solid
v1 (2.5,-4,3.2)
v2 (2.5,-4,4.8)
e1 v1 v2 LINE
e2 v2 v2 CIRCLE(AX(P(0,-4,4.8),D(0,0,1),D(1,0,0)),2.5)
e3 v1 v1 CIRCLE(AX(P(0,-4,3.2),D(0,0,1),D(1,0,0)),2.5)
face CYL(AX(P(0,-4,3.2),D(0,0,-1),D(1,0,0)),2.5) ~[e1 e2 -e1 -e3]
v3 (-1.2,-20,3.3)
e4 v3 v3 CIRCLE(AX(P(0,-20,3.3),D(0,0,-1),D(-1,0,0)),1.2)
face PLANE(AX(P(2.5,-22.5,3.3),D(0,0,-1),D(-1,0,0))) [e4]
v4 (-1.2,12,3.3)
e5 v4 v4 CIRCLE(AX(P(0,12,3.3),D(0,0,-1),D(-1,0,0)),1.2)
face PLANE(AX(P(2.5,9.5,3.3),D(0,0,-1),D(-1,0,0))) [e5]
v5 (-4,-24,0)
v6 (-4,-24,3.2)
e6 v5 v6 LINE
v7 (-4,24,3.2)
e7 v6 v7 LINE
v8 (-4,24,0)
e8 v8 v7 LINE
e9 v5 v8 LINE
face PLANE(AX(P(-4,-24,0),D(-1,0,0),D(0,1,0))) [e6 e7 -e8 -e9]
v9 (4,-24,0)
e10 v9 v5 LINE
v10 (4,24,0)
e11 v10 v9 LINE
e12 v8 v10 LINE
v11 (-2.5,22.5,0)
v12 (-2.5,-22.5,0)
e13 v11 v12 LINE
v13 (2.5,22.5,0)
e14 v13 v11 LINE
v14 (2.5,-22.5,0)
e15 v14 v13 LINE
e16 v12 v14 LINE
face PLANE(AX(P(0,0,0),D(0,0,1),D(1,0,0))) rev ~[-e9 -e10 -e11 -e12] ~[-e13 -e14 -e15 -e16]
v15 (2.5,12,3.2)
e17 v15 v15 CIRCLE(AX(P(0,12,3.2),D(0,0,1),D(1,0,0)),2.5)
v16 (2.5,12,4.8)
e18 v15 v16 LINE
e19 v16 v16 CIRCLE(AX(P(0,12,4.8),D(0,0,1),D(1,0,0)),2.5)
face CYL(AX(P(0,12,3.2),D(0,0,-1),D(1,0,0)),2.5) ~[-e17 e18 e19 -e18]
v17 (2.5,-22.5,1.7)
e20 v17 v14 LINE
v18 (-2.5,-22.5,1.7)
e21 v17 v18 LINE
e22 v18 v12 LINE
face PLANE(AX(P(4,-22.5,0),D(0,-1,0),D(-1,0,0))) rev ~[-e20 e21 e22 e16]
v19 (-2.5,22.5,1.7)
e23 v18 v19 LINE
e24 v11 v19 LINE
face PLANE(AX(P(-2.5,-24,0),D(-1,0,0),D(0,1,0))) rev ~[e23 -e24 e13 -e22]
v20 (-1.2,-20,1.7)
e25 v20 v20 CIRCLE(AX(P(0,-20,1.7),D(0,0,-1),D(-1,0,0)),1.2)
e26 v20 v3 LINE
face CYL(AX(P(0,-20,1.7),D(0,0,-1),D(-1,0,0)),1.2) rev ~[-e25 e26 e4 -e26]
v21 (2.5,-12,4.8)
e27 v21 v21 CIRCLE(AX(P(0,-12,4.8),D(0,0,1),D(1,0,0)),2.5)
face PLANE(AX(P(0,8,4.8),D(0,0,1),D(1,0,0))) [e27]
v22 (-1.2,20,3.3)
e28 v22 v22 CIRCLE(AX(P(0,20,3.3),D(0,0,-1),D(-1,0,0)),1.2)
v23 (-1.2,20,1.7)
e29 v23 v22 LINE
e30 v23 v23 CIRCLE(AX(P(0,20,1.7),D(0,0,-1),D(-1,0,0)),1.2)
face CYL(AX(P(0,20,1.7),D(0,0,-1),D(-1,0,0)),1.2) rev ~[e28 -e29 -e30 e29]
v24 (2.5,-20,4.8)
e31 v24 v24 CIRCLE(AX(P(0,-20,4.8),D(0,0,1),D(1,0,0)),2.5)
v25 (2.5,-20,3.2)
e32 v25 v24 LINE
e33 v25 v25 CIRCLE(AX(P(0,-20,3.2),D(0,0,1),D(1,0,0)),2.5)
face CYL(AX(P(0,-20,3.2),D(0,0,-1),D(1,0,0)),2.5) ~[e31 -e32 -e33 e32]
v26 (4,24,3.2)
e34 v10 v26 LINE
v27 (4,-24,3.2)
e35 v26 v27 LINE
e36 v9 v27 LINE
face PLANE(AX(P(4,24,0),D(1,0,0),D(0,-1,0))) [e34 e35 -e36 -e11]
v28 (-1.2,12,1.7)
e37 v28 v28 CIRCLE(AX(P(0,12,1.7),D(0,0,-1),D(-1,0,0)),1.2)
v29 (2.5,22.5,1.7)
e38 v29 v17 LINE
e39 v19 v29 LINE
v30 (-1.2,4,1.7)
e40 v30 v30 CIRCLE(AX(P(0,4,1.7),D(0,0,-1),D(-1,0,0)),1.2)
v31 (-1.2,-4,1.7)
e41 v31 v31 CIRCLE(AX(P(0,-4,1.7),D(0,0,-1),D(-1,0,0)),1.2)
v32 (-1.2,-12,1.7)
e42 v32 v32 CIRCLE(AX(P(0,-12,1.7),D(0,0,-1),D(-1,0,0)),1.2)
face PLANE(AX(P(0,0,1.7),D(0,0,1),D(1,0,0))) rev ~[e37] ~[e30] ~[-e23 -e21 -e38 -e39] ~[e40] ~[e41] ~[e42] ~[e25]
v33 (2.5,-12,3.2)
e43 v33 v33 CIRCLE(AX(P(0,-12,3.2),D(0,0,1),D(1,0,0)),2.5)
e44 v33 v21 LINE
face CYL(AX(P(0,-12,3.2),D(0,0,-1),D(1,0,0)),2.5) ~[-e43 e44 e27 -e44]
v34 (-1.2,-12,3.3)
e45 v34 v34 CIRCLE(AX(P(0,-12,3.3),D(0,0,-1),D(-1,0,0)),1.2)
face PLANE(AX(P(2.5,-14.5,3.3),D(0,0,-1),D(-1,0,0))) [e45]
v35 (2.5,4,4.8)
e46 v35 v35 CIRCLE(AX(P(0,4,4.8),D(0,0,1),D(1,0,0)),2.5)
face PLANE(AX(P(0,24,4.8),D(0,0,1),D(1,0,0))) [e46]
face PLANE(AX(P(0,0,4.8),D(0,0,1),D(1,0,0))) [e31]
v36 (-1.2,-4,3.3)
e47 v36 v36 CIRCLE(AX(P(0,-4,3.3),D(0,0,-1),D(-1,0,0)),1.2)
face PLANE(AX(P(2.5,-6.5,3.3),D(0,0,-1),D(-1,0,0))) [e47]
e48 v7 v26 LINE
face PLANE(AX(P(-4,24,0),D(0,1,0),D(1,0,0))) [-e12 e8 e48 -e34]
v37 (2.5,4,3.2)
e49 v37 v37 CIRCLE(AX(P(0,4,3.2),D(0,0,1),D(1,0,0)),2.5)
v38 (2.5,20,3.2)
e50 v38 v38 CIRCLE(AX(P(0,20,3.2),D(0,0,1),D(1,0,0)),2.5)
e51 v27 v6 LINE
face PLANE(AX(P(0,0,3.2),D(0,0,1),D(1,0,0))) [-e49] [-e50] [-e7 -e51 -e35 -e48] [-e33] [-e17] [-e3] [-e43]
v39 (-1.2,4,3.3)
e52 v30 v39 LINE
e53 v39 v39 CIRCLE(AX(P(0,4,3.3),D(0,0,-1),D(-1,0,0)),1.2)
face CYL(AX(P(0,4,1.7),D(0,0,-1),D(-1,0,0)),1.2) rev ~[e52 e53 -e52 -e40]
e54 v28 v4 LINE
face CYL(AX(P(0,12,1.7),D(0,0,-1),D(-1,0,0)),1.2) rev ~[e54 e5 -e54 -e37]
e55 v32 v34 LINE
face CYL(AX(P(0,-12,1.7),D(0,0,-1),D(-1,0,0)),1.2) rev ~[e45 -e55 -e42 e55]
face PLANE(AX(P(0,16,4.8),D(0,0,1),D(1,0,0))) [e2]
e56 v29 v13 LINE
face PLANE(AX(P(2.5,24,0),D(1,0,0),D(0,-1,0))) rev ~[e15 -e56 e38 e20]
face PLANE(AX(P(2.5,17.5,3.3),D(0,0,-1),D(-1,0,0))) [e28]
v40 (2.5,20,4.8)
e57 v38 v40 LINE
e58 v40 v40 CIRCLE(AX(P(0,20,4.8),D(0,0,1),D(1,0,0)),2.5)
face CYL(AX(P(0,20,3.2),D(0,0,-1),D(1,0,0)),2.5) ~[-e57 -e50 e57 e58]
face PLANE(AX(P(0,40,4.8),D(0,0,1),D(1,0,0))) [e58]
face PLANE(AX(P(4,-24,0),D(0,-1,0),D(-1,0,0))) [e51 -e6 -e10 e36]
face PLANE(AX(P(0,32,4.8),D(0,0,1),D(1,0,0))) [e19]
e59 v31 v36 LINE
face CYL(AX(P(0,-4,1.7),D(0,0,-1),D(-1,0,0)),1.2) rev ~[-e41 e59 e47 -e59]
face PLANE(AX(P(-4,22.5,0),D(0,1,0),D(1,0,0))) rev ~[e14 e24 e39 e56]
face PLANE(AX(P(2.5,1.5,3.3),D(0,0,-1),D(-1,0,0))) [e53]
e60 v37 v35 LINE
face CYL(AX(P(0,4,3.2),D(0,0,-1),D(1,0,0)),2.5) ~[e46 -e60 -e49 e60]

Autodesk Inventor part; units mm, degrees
ref_plane "YZ Plane" through (0, 0, 0) normal (1, 0, 0) x (0, 1, 0)
ref_plane "XZ Plane" through (0, 0, 0) normal (0, 1, 0) x (-1, 0, 0)
ref_plane "XY Plane" through (0, 0, 0) normal (0, 0, 1) x (1, 0, 0)
sketch "Sketch1" plane through (0, 0, 0) normal (0, 0, 1) x (1, 0, 0)
  line L0 (-4, 24) -> (4, 24)
  line L1 (4, 24) -> (4, -24)
  line L2 (4, -24) -> (-4, -24)
  line L3 (-4, -24) -> (-4, 24)
  point P0 (0, 0)
  dimension "d0" = 8
  dimension "d1" = 48
  dimension "d2" = 4
  dimension "d3" = 24
extrude "Extrusion1" add sketch "Sketch1" along normal blind 3.2
shell "Shell1" thickness 1.5 removed faces 1 at (-1.3333, 8, 0)
sketch "Sketch2" plane through (0, 0, 3.2) normal (0, 0, 1) x (1, 0, 0)
  circle A0 centre (0, -20) radius 2.5
  line L0 (4, 24) -> (4, -24) projected
  line L1 (4, -24) -> (-4, -24) projected
  dimension "d7" = 5
  dimension "d10" = 4
  dimension "d11" = 4
extrude "Extrusion2" add sketch "Sketch2" along normal blind 1.6
sketch "Sketch3" plane through (2.5, -22.5, 1.7) normal (0, 0, -1) x (-1, 0, 0)
  circle A0 centre (2.5, 2.5) radius 2.5 projected
  circle A1 centre (2.5, 2.5) radius 1.2
  point P0 (2.5, 22.5)
  dimension "d18" = 2.4
extrude "Extrusion3" cut sketch "Sketch3" against normal blind 1.6 contours A1
pattern_linear "Rectangular Pattern1" count 6 spacing 8 along (0, 1, 0) of "Extrusion2", "Extrusion3"
sketch "Sketch4" plane through (2.5, -22.5, 1.7) normal (0, 0, -1) x (-1, 0, 0)
  circle A0 centre (2.5, 10.5) radius 1.2 projected
  circle A1 centre (2.5, 2.5) radius 1.2 projected
  line L0 (0, 45) -> (0, 0) projected
  line L1 (0, 0) -> (5, 0) projected
  circle A2 centre (6.5, 6.5) radius 3.15
  circle A3 centre (6.5, 6.5) radius 2.5
  point P0 (2.5, 22.5)
  dimension "d21" = 6.5
  dimension "d22" = 6.5
  dimension "d23" = 10.5
  dimension "d24" = 2.5
  dimension "d25" = 5
  dimension "d26" = 6.3
extrude "Extrusion4" [suppressed]
pattern_linear "Rectangular Pattern2" [suppressed]
equation "\"d0\" = 8 * WIDTH"
equation "\"d1\" = 8 * LENGTH"
equation "\"d2\" = 0.5 * d0"
equation "\"d3\" = 0.5 * d1"
equation "\"d4\" = HEIGHT"
equation "\"d21\" = 0.5 * d23 + 0.5 * d24"
equation "\"d22\" = d21"
equation "\"WIDTH\" = 1"
equation "\"HEIGHT\" = 3.2"
equation "\"LENGTH\" = 6"
properties part number "3666" material "Steel"
